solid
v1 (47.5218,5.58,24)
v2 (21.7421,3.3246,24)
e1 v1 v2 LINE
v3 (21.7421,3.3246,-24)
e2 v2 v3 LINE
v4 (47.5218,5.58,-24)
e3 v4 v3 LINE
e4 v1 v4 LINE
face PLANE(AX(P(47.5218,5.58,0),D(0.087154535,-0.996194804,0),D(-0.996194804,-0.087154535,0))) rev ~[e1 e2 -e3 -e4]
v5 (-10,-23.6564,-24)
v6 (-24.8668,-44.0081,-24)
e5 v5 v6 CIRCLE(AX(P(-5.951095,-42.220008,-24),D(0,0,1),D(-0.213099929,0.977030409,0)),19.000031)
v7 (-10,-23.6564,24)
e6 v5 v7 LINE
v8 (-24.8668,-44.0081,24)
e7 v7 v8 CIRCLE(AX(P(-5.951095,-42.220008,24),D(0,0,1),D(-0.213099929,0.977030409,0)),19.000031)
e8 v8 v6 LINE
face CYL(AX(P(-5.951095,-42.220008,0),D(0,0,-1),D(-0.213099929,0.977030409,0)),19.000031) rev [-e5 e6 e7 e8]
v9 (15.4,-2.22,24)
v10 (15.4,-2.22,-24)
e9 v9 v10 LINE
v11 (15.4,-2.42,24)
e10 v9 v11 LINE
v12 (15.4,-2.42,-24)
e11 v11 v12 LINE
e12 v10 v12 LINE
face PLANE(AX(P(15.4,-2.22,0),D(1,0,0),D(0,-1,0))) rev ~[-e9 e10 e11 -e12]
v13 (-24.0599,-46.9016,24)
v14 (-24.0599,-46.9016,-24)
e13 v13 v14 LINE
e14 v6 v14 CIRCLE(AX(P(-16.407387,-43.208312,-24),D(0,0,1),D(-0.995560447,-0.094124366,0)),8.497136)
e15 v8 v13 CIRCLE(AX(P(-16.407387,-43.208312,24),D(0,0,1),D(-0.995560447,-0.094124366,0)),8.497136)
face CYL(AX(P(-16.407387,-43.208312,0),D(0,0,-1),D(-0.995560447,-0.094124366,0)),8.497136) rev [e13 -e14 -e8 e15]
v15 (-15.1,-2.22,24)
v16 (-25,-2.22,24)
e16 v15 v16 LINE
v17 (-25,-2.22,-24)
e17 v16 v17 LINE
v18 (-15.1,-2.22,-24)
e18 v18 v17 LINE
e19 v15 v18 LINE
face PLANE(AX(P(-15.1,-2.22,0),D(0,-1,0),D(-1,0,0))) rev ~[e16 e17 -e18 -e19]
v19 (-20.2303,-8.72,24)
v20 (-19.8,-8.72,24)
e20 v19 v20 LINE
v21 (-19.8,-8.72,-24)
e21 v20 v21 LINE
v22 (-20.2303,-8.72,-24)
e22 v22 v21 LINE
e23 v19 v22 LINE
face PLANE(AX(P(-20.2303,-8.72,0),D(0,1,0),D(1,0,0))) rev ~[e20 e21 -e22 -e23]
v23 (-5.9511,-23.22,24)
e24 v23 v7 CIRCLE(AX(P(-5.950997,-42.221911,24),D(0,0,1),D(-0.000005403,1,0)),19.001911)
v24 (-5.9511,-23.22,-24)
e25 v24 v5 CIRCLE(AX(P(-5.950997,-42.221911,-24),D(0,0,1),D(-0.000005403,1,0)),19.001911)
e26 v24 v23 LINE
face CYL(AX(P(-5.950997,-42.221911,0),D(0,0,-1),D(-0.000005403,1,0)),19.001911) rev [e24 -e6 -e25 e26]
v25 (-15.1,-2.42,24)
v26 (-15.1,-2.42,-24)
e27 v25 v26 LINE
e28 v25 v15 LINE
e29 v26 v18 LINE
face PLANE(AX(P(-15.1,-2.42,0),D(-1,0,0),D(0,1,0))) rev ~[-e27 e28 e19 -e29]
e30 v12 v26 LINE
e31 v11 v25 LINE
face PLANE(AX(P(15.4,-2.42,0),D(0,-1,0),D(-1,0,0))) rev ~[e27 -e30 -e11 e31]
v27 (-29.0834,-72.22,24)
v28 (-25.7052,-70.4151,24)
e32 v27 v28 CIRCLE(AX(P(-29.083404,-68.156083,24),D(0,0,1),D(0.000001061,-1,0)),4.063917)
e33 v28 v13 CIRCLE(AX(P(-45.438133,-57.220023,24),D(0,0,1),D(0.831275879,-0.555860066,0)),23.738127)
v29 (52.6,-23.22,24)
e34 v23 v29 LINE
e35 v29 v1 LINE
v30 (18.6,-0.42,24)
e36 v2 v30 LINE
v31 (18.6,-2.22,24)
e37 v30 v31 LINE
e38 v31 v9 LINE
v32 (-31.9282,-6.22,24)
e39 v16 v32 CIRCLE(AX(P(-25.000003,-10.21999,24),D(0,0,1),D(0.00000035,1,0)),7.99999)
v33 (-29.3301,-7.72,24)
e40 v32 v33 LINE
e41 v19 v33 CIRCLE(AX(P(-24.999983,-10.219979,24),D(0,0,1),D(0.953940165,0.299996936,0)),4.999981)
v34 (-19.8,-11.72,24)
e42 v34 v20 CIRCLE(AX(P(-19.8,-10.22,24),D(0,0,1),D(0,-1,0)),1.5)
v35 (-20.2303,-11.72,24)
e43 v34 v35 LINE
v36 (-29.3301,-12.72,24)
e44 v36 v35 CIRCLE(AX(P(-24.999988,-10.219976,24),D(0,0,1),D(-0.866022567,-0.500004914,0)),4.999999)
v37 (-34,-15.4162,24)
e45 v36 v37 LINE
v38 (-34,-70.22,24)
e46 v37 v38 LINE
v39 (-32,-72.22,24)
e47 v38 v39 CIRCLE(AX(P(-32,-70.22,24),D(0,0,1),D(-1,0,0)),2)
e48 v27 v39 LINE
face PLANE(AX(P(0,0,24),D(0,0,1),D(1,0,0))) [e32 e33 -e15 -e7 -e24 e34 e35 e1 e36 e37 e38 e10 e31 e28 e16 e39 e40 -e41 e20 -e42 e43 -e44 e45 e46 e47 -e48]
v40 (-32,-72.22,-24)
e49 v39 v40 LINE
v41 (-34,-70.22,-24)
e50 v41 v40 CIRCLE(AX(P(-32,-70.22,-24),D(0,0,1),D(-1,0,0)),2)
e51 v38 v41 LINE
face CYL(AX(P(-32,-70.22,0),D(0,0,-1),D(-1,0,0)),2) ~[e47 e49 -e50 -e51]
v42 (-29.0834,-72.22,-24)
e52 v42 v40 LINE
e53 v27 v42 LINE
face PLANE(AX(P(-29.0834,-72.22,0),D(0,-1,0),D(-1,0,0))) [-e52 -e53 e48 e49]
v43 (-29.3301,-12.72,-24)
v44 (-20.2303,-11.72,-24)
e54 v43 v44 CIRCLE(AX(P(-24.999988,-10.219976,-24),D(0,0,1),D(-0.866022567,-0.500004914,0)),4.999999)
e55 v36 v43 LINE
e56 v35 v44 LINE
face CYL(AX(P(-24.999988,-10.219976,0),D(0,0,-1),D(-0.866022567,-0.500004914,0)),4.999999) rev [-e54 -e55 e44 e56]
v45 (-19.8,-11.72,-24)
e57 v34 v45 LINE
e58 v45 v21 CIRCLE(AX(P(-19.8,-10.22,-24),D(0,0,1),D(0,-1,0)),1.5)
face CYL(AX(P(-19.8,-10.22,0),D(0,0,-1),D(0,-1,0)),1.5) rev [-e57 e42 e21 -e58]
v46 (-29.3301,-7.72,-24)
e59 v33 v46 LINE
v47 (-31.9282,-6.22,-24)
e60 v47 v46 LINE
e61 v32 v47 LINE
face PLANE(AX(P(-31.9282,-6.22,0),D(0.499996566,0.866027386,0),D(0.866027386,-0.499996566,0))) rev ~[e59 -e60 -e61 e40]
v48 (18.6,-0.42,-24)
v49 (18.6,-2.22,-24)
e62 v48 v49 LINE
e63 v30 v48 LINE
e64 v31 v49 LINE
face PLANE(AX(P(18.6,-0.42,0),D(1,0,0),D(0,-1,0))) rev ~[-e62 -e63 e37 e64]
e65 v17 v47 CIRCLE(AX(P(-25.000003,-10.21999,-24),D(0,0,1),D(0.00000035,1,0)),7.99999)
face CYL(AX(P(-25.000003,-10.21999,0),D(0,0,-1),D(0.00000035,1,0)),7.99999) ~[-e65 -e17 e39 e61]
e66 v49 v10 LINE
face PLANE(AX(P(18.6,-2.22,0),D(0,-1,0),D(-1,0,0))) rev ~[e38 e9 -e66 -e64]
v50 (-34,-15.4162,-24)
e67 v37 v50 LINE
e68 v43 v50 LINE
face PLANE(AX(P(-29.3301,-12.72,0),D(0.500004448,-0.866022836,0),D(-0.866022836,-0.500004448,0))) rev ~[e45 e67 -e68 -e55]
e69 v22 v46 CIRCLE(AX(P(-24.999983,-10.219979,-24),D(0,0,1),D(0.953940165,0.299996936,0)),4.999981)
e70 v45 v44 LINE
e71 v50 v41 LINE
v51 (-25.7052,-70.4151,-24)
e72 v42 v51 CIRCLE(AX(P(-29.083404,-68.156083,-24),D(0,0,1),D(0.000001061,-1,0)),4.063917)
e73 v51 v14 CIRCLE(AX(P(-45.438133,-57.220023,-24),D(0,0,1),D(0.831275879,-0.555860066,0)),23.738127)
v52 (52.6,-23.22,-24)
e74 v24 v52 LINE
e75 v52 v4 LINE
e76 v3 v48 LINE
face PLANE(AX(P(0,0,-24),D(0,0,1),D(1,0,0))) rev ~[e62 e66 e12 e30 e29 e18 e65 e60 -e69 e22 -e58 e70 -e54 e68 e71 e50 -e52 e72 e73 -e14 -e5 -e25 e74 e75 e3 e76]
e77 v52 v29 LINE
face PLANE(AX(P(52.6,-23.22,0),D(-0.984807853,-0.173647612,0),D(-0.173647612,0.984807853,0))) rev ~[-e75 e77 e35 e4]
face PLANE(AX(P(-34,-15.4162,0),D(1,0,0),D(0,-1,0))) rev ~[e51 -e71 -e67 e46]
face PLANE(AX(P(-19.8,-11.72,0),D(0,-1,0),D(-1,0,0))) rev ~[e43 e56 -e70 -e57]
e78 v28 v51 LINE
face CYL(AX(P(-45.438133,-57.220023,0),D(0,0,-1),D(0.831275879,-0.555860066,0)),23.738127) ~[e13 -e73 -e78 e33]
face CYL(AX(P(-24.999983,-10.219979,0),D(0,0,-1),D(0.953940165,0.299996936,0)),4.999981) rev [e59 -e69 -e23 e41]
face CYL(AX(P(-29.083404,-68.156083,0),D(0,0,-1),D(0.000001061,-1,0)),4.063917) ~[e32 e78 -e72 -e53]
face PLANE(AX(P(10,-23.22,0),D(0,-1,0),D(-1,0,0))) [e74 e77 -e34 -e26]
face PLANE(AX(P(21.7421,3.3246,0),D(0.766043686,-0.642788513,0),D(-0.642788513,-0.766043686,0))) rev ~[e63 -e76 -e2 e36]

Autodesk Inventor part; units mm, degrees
ref_plane "YZ Plane" through (0, 0, 0) normal (1, 0, 0) x (0, 1, 0)
ref_plane "XZ Plane" through (0, 0, 0) normal (0, 1, 0) x (-1, 0, 0)
ref_plane "XY Plane" through (0, 0, 0) normal (0, 0, 1) x (1, 0, 0)
sketch "Skizze2" plane through (0, 0, 0) normal (0, 0, 1) x (1, 0, 0)
  arc A0 (-10, -23.6564) -> (-24.8668, -44.0081) centre (-5.9511, -42.22) ccw
  line L0 (10, -23.22) -> (52.6, -23.22)
  line L1 (52.6, -23.22) -> (47.5218, 5.58)
  line L2 (47.5218, 5.58) -> (21.7421, 3.3246)
  line L3 (21.7421, 3.3246) -> (18.6, -0.42)
  line L4 (18.6, -2.22) -> (15.4, -2.22)
  line L5 (15.4, -2.22) -> (15.4, -2.42)
  line L6 (15.4, -2.42) -> (-15.1, -2.42)
  line L7 (-15.1, -2.42) -> (-15.1, -2.22)
  line L8 (-15.1, -2.22) -> (-25, -2.22)
  arc A1 (-25, -2.22) -> (-31.9282, -6.22) centre (-25, -10.22) ccw
  line L9 (-31.9282, -6.22) -> (-29.3301, -7.72)
  line L10 (-29.3301, -12.72) -> (-34, -15.4162)
  arc A2 (-20.2303, -8.72) -> (-29.3301, -7.72) centre (-25, -10.22) ccw
  arc A3 (-19.8, -11.72) -> (-19.8, -8.72) centre (-19.8, -10.22) ccw
  arc A4 (-29.3301, -12.72) -> (-20.2303, -11.72) centre (-25, -10.22) ccw
  line L11 (-20.2303, -8.72) -> (-19.8, -8.72)
  line L12 (-19.8, -11.72) -> (-20.2303, -11.72)
  line L13 (-34, -15.4162) -> (-34, -70.22)
  arc A5 (-34, -70.22) -> (-32, -72.22) centre (-32, -70.22) ccw
  line L14 (10, -23.22) -> (-5.9511, -23.22)
  arc A6 (-5.9511, -23.22) -> (-10, -23.6564) centre (-5.9511, -42.22) ccw
  line L15 (18.6, -0.42) -> (18.6, -2.22)
  arc A7 (-24.8668, -44.0081) -> (-24.0599, -46.9016) centre (-16.4084, -43.2085) ccw
  arc A8 (-29.0834, -72.22) -> (-25.7052, -70.4151) centre (-29.0834, -68.1561) ccw
  arc A9 (-25.7052, -70.4151) -> (-24.0599, -46.9016) centre (-45.4382, -57.22) ccw
  line L16 (-29.0834, -72.22) -> (-32, -72.22)
  point P0 (0, 0)
  point P1 (-21.7, -44.72)
  point P2 (-21.7, -75.72)
  point P3 (-21.7, -57.22)
extrude "Extrusion2" add sketch "Skizze2" along normal mid plane 48
properties part number "__VK_Stopper_Klinke"
